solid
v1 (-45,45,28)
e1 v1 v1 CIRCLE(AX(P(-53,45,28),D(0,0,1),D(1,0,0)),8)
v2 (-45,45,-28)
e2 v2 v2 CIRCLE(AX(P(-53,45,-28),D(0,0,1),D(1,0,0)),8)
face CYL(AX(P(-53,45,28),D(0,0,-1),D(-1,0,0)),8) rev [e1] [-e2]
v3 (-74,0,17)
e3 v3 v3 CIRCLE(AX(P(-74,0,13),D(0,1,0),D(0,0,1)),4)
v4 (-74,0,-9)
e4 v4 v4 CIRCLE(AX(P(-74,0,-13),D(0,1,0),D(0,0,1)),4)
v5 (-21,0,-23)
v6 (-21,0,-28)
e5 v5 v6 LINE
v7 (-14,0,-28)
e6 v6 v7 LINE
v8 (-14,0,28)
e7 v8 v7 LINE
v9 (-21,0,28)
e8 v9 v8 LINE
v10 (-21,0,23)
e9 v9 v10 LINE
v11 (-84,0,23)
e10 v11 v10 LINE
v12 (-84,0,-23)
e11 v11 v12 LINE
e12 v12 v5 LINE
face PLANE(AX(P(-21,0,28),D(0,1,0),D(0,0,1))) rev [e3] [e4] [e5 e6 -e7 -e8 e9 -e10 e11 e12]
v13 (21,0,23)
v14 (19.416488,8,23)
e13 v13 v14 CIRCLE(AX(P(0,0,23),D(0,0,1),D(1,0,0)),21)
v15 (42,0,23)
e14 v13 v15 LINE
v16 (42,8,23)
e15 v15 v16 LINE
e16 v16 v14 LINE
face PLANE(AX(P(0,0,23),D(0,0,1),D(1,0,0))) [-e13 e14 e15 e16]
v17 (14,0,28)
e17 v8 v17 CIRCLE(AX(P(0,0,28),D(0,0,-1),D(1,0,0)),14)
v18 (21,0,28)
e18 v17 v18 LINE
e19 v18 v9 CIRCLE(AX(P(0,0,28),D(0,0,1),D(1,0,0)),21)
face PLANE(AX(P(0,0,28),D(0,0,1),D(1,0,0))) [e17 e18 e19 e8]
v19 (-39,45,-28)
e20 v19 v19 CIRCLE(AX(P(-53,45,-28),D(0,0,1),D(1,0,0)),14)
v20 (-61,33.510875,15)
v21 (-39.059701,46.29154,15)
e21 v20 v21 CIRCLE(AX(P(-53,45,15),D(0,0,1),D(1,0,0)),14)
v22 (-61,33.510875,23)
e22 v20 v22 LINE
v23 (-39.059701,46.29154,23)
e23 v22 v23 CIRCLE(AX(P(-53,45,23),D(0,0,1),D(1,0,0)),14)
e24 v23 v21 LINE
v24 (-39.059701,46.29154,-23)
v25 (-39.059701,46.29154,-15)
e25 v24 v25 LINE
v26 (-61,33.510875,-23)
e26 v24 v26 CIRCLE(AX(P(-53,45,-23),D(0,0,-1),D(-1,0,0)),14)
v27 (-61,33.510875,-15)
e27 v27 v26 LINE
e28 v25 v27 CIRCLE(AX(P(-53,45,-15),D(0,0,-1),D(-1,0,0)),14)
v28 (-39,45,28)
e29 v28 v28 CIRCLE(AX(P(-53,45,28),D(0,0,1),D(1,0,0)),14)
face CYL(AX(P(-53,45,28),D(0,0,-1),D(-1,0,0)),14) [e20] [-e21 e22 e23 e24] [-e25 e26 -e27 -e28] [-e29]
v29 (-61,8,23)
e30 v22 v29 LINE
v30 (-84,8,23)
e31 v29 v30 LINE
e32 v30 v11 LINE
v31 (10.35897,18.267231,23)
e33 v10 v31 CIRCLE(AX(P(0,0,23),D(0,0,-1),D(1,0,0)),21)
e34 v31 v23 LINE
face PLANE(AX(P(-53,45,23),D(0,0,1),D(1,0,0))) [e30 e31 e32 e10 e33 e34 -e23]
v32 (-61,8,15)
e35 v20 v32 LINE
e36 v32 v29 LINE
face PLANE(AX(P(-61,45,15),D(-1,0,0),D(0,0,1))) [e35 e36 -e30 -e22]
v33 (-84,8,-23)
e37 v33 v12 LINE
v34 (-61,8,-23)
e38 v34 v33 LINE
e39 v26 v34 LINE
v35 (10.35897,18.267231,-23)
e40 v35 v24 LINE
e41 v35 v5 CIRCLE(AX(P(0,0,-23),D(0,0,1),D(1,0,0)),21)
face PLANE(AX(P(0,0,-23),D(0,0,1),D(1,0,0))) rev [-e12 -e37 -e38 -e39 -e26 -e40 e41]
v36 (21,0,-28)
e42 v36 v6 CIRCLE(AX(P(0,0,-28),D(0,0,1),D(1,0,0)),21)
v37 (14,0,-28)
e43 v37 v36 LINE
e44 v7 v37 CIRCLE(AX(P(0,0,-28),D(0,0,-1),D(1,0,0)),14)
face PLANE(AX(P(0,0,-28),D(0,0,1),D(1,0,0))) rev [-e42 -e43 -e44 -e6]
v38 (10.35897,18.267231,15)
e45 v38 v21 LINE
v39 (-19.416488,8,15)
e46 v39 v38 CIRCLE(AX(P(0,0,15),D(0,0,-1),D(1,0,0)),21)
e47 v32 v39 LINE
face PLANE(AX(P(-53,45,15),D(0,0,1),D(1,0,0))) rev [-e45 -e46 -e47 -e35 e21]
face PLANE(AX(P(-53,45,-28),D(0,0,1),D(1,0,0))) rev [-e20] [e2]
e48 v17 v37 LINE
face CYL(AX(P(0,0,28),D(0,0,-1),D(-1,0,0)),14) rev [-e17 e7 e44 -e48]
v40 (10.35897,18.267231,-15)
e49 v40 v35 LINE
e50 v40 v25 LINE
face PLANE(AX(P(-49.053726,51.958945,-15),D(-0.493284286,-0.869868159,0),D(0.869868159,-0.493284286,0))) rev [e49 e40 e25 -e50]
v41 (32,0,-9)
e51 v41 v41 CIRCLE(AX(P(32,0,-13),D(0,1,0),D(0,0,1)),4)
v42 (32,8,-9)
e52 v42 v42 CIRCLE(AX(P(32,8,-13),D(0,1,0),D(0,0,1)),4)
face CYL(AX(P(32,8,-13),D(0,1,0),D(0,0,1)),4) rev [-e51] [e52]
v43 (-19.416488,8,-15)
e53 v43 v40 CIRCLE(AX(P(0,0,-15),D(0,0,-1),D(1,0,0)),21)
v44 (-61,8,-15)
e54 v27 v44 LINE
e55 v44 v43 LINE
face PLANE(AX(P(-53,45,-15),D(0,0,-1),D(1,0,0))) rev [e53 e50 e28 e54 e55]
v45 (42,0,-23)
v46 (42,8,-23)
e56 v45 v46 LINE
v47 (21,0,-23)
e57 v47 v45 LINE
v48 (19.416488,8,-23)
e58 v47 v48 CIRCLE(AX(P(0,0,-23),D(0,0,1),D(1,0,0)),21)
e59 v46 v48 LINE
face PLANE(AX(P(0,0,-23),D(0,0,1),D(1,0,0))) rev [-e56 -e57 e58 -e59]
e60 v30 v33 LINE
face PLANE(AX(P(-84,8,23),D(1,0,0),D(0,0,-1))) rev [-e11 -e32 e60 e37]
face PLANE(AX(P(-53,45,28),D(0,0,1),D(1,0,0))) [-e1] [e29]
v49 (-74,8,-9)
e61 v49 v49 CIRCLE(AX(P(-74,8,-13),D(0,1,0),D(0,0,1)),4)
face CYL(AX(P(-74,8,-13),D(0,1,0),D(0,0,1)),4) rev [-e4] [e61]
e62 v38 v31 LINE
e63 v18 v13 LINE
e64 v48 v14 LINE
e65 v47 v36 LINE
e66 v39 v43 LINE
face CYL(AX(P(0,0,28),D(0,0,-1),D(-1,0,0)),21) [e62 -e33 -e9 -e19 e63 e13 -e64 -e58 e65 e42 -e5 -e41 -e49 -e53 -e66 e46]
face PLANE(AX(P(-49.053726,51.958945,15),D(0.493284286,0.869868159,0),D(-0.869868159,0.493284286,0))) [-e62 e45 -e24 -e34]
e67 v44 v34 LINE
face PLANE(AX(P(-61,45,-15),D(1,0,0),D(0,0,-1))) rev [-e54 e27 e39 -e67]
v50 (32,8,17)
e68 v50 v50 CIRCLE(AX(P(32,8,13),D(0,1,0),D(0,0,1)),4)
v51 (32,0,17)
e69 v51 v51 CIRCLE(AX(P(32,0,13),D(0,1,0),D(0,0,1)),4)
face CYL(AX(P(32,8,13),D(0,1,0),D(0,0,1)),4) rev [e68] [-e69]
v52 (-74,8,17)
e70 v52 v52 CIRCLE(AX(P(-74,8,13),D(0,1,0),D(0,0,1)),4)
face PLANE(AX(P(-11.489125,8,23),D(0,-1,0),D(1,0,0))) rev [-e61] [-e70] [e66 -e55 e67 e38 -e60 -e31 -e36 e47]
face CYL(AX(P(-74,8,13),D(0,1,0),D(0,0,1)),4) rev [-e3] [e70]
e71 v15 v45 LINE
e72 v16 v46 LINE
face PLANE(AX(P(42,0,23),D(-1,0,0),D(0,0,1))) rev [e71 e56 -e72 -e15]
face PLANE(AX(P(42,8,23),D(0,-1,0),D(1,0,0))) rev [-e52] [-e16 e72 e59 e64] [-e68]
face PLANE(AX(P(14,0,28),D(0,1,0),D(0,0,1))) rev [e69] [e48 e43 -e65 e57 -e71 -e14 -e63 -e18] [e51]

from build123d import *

# Parameters (mm, degrees)
BOSS_EXTRUDE1_DEPTH = 28
SKETCH2_R           = 14
SKETCH2_R_2         = 8
BOSS_EXTRUDE2_DEPTH = 28
BOSS_EXTRUDE4_DEPTH = 23
BOSS_EXTRUDE5_DEPTH = 8
HOLE1_D             = 8
HOLE2_D             = 8


with BuildPart() as part:
    # Sketch1 → Boss-Extrude1 (new, symmetric)
    with BuildSketch(Plane.XY):
        with BuildLine():
            Line((-21, 0), (-14, 0))
            ThreePointArc((-14, 0), (0, 14), (14, 0))
            Line((14, 0), (21, 0))
            ThreePointArc((21, 0), (0, 21), (-21, 0))
        make_face()
    extrude(amount=BOSS_EXTRUDE1_DEPTH, both=True)

    # Sketch6 → Boss-Extrude4 (add, symmetric)
    with BuildSketch(Plane.XY):
        with BuildLine():
            Line((-84, 0), (-14, 0))
            ThreePointArc((-14, 0), (-13.35754, 4.192389), (-11.489125, 8))
            Line((-11.489125, 8), (-84, 8))
            Line((-84, 8), (-84, 0))
        make_face()
        with BuildLine():
            Line((42, 0), (42, 8))
            Line((42, 8), (11.489125, 8))
            ThreePointArc((11.489125, 8), (13.35754, 4.192389), (14, 0))
            Line((14, 0), (42, 0))
        make_face()
    extrude(amount=BOSS_EXTRUDE4_DEPTH, both=True)



with BuildPart() as body_2:
    # Sketch2 → Boss-Extrude2 (new, symmetric)
    with BuildSketch(Plane.XY):
        with Locations((-53, 45)):
            Circle(SKETCH2_R)
        with Locations((-53, 45)):
            Circle(SKETCH2_R_2, mode=Mode.SUBTRACT)
    extrude(amount=BOSS_EXTRUDE2_DEPTH, both=True)


with BuildPart() as part_1:
    add(part.part)

    add(body_2.part)  # Boss-Extrude5 merges body 2
    # Sketch7 → Boss-Extrude5 (add)
    with BuildSketch(Plane.XY.offset(23)):
        with BuildLine():
            Line((-61, 45), (-61, 8))
            Line((-61, 8), (-19.416488, 8))
            ThreePointArc((-19.416488, 8), (-6.845704, 19.852867), (10.35897, 18.267231))
            Line((10.35897, 18.267231), (-49.053726, 51.958945))
            ThreePointArc((-49.053726, 51.958945), (-48.973227, 38.087323), (-61, 45))
        make_face()
    boss_extrude5 = extrude(amount=-BOSS_EXTRUDE5_DEPTH)

    # Mirror1: Boss-Extrude5 across plane
    add(boss_extrude5.mirror(Plane.XY))

    # Hole1 (through all)
    with Locations(Plane(origin=(0, 8, 0), x_dir=(1, 0, 0), z_dir=(0, 1, 0))):
        with Locations((32, 13), (32, -13)):
            Hole(HOLE1_D / 2)

    # Hole2 (through all)
    with Locations(Plane(origin=(0, 8, 0), x_dir=(1, 0, 0), z_dir=(0, 1, 0))):
        with Locations((-74, -13), (-74, 13)):
            Hole(HOLE2_D / 2)


solid = part_1.part
